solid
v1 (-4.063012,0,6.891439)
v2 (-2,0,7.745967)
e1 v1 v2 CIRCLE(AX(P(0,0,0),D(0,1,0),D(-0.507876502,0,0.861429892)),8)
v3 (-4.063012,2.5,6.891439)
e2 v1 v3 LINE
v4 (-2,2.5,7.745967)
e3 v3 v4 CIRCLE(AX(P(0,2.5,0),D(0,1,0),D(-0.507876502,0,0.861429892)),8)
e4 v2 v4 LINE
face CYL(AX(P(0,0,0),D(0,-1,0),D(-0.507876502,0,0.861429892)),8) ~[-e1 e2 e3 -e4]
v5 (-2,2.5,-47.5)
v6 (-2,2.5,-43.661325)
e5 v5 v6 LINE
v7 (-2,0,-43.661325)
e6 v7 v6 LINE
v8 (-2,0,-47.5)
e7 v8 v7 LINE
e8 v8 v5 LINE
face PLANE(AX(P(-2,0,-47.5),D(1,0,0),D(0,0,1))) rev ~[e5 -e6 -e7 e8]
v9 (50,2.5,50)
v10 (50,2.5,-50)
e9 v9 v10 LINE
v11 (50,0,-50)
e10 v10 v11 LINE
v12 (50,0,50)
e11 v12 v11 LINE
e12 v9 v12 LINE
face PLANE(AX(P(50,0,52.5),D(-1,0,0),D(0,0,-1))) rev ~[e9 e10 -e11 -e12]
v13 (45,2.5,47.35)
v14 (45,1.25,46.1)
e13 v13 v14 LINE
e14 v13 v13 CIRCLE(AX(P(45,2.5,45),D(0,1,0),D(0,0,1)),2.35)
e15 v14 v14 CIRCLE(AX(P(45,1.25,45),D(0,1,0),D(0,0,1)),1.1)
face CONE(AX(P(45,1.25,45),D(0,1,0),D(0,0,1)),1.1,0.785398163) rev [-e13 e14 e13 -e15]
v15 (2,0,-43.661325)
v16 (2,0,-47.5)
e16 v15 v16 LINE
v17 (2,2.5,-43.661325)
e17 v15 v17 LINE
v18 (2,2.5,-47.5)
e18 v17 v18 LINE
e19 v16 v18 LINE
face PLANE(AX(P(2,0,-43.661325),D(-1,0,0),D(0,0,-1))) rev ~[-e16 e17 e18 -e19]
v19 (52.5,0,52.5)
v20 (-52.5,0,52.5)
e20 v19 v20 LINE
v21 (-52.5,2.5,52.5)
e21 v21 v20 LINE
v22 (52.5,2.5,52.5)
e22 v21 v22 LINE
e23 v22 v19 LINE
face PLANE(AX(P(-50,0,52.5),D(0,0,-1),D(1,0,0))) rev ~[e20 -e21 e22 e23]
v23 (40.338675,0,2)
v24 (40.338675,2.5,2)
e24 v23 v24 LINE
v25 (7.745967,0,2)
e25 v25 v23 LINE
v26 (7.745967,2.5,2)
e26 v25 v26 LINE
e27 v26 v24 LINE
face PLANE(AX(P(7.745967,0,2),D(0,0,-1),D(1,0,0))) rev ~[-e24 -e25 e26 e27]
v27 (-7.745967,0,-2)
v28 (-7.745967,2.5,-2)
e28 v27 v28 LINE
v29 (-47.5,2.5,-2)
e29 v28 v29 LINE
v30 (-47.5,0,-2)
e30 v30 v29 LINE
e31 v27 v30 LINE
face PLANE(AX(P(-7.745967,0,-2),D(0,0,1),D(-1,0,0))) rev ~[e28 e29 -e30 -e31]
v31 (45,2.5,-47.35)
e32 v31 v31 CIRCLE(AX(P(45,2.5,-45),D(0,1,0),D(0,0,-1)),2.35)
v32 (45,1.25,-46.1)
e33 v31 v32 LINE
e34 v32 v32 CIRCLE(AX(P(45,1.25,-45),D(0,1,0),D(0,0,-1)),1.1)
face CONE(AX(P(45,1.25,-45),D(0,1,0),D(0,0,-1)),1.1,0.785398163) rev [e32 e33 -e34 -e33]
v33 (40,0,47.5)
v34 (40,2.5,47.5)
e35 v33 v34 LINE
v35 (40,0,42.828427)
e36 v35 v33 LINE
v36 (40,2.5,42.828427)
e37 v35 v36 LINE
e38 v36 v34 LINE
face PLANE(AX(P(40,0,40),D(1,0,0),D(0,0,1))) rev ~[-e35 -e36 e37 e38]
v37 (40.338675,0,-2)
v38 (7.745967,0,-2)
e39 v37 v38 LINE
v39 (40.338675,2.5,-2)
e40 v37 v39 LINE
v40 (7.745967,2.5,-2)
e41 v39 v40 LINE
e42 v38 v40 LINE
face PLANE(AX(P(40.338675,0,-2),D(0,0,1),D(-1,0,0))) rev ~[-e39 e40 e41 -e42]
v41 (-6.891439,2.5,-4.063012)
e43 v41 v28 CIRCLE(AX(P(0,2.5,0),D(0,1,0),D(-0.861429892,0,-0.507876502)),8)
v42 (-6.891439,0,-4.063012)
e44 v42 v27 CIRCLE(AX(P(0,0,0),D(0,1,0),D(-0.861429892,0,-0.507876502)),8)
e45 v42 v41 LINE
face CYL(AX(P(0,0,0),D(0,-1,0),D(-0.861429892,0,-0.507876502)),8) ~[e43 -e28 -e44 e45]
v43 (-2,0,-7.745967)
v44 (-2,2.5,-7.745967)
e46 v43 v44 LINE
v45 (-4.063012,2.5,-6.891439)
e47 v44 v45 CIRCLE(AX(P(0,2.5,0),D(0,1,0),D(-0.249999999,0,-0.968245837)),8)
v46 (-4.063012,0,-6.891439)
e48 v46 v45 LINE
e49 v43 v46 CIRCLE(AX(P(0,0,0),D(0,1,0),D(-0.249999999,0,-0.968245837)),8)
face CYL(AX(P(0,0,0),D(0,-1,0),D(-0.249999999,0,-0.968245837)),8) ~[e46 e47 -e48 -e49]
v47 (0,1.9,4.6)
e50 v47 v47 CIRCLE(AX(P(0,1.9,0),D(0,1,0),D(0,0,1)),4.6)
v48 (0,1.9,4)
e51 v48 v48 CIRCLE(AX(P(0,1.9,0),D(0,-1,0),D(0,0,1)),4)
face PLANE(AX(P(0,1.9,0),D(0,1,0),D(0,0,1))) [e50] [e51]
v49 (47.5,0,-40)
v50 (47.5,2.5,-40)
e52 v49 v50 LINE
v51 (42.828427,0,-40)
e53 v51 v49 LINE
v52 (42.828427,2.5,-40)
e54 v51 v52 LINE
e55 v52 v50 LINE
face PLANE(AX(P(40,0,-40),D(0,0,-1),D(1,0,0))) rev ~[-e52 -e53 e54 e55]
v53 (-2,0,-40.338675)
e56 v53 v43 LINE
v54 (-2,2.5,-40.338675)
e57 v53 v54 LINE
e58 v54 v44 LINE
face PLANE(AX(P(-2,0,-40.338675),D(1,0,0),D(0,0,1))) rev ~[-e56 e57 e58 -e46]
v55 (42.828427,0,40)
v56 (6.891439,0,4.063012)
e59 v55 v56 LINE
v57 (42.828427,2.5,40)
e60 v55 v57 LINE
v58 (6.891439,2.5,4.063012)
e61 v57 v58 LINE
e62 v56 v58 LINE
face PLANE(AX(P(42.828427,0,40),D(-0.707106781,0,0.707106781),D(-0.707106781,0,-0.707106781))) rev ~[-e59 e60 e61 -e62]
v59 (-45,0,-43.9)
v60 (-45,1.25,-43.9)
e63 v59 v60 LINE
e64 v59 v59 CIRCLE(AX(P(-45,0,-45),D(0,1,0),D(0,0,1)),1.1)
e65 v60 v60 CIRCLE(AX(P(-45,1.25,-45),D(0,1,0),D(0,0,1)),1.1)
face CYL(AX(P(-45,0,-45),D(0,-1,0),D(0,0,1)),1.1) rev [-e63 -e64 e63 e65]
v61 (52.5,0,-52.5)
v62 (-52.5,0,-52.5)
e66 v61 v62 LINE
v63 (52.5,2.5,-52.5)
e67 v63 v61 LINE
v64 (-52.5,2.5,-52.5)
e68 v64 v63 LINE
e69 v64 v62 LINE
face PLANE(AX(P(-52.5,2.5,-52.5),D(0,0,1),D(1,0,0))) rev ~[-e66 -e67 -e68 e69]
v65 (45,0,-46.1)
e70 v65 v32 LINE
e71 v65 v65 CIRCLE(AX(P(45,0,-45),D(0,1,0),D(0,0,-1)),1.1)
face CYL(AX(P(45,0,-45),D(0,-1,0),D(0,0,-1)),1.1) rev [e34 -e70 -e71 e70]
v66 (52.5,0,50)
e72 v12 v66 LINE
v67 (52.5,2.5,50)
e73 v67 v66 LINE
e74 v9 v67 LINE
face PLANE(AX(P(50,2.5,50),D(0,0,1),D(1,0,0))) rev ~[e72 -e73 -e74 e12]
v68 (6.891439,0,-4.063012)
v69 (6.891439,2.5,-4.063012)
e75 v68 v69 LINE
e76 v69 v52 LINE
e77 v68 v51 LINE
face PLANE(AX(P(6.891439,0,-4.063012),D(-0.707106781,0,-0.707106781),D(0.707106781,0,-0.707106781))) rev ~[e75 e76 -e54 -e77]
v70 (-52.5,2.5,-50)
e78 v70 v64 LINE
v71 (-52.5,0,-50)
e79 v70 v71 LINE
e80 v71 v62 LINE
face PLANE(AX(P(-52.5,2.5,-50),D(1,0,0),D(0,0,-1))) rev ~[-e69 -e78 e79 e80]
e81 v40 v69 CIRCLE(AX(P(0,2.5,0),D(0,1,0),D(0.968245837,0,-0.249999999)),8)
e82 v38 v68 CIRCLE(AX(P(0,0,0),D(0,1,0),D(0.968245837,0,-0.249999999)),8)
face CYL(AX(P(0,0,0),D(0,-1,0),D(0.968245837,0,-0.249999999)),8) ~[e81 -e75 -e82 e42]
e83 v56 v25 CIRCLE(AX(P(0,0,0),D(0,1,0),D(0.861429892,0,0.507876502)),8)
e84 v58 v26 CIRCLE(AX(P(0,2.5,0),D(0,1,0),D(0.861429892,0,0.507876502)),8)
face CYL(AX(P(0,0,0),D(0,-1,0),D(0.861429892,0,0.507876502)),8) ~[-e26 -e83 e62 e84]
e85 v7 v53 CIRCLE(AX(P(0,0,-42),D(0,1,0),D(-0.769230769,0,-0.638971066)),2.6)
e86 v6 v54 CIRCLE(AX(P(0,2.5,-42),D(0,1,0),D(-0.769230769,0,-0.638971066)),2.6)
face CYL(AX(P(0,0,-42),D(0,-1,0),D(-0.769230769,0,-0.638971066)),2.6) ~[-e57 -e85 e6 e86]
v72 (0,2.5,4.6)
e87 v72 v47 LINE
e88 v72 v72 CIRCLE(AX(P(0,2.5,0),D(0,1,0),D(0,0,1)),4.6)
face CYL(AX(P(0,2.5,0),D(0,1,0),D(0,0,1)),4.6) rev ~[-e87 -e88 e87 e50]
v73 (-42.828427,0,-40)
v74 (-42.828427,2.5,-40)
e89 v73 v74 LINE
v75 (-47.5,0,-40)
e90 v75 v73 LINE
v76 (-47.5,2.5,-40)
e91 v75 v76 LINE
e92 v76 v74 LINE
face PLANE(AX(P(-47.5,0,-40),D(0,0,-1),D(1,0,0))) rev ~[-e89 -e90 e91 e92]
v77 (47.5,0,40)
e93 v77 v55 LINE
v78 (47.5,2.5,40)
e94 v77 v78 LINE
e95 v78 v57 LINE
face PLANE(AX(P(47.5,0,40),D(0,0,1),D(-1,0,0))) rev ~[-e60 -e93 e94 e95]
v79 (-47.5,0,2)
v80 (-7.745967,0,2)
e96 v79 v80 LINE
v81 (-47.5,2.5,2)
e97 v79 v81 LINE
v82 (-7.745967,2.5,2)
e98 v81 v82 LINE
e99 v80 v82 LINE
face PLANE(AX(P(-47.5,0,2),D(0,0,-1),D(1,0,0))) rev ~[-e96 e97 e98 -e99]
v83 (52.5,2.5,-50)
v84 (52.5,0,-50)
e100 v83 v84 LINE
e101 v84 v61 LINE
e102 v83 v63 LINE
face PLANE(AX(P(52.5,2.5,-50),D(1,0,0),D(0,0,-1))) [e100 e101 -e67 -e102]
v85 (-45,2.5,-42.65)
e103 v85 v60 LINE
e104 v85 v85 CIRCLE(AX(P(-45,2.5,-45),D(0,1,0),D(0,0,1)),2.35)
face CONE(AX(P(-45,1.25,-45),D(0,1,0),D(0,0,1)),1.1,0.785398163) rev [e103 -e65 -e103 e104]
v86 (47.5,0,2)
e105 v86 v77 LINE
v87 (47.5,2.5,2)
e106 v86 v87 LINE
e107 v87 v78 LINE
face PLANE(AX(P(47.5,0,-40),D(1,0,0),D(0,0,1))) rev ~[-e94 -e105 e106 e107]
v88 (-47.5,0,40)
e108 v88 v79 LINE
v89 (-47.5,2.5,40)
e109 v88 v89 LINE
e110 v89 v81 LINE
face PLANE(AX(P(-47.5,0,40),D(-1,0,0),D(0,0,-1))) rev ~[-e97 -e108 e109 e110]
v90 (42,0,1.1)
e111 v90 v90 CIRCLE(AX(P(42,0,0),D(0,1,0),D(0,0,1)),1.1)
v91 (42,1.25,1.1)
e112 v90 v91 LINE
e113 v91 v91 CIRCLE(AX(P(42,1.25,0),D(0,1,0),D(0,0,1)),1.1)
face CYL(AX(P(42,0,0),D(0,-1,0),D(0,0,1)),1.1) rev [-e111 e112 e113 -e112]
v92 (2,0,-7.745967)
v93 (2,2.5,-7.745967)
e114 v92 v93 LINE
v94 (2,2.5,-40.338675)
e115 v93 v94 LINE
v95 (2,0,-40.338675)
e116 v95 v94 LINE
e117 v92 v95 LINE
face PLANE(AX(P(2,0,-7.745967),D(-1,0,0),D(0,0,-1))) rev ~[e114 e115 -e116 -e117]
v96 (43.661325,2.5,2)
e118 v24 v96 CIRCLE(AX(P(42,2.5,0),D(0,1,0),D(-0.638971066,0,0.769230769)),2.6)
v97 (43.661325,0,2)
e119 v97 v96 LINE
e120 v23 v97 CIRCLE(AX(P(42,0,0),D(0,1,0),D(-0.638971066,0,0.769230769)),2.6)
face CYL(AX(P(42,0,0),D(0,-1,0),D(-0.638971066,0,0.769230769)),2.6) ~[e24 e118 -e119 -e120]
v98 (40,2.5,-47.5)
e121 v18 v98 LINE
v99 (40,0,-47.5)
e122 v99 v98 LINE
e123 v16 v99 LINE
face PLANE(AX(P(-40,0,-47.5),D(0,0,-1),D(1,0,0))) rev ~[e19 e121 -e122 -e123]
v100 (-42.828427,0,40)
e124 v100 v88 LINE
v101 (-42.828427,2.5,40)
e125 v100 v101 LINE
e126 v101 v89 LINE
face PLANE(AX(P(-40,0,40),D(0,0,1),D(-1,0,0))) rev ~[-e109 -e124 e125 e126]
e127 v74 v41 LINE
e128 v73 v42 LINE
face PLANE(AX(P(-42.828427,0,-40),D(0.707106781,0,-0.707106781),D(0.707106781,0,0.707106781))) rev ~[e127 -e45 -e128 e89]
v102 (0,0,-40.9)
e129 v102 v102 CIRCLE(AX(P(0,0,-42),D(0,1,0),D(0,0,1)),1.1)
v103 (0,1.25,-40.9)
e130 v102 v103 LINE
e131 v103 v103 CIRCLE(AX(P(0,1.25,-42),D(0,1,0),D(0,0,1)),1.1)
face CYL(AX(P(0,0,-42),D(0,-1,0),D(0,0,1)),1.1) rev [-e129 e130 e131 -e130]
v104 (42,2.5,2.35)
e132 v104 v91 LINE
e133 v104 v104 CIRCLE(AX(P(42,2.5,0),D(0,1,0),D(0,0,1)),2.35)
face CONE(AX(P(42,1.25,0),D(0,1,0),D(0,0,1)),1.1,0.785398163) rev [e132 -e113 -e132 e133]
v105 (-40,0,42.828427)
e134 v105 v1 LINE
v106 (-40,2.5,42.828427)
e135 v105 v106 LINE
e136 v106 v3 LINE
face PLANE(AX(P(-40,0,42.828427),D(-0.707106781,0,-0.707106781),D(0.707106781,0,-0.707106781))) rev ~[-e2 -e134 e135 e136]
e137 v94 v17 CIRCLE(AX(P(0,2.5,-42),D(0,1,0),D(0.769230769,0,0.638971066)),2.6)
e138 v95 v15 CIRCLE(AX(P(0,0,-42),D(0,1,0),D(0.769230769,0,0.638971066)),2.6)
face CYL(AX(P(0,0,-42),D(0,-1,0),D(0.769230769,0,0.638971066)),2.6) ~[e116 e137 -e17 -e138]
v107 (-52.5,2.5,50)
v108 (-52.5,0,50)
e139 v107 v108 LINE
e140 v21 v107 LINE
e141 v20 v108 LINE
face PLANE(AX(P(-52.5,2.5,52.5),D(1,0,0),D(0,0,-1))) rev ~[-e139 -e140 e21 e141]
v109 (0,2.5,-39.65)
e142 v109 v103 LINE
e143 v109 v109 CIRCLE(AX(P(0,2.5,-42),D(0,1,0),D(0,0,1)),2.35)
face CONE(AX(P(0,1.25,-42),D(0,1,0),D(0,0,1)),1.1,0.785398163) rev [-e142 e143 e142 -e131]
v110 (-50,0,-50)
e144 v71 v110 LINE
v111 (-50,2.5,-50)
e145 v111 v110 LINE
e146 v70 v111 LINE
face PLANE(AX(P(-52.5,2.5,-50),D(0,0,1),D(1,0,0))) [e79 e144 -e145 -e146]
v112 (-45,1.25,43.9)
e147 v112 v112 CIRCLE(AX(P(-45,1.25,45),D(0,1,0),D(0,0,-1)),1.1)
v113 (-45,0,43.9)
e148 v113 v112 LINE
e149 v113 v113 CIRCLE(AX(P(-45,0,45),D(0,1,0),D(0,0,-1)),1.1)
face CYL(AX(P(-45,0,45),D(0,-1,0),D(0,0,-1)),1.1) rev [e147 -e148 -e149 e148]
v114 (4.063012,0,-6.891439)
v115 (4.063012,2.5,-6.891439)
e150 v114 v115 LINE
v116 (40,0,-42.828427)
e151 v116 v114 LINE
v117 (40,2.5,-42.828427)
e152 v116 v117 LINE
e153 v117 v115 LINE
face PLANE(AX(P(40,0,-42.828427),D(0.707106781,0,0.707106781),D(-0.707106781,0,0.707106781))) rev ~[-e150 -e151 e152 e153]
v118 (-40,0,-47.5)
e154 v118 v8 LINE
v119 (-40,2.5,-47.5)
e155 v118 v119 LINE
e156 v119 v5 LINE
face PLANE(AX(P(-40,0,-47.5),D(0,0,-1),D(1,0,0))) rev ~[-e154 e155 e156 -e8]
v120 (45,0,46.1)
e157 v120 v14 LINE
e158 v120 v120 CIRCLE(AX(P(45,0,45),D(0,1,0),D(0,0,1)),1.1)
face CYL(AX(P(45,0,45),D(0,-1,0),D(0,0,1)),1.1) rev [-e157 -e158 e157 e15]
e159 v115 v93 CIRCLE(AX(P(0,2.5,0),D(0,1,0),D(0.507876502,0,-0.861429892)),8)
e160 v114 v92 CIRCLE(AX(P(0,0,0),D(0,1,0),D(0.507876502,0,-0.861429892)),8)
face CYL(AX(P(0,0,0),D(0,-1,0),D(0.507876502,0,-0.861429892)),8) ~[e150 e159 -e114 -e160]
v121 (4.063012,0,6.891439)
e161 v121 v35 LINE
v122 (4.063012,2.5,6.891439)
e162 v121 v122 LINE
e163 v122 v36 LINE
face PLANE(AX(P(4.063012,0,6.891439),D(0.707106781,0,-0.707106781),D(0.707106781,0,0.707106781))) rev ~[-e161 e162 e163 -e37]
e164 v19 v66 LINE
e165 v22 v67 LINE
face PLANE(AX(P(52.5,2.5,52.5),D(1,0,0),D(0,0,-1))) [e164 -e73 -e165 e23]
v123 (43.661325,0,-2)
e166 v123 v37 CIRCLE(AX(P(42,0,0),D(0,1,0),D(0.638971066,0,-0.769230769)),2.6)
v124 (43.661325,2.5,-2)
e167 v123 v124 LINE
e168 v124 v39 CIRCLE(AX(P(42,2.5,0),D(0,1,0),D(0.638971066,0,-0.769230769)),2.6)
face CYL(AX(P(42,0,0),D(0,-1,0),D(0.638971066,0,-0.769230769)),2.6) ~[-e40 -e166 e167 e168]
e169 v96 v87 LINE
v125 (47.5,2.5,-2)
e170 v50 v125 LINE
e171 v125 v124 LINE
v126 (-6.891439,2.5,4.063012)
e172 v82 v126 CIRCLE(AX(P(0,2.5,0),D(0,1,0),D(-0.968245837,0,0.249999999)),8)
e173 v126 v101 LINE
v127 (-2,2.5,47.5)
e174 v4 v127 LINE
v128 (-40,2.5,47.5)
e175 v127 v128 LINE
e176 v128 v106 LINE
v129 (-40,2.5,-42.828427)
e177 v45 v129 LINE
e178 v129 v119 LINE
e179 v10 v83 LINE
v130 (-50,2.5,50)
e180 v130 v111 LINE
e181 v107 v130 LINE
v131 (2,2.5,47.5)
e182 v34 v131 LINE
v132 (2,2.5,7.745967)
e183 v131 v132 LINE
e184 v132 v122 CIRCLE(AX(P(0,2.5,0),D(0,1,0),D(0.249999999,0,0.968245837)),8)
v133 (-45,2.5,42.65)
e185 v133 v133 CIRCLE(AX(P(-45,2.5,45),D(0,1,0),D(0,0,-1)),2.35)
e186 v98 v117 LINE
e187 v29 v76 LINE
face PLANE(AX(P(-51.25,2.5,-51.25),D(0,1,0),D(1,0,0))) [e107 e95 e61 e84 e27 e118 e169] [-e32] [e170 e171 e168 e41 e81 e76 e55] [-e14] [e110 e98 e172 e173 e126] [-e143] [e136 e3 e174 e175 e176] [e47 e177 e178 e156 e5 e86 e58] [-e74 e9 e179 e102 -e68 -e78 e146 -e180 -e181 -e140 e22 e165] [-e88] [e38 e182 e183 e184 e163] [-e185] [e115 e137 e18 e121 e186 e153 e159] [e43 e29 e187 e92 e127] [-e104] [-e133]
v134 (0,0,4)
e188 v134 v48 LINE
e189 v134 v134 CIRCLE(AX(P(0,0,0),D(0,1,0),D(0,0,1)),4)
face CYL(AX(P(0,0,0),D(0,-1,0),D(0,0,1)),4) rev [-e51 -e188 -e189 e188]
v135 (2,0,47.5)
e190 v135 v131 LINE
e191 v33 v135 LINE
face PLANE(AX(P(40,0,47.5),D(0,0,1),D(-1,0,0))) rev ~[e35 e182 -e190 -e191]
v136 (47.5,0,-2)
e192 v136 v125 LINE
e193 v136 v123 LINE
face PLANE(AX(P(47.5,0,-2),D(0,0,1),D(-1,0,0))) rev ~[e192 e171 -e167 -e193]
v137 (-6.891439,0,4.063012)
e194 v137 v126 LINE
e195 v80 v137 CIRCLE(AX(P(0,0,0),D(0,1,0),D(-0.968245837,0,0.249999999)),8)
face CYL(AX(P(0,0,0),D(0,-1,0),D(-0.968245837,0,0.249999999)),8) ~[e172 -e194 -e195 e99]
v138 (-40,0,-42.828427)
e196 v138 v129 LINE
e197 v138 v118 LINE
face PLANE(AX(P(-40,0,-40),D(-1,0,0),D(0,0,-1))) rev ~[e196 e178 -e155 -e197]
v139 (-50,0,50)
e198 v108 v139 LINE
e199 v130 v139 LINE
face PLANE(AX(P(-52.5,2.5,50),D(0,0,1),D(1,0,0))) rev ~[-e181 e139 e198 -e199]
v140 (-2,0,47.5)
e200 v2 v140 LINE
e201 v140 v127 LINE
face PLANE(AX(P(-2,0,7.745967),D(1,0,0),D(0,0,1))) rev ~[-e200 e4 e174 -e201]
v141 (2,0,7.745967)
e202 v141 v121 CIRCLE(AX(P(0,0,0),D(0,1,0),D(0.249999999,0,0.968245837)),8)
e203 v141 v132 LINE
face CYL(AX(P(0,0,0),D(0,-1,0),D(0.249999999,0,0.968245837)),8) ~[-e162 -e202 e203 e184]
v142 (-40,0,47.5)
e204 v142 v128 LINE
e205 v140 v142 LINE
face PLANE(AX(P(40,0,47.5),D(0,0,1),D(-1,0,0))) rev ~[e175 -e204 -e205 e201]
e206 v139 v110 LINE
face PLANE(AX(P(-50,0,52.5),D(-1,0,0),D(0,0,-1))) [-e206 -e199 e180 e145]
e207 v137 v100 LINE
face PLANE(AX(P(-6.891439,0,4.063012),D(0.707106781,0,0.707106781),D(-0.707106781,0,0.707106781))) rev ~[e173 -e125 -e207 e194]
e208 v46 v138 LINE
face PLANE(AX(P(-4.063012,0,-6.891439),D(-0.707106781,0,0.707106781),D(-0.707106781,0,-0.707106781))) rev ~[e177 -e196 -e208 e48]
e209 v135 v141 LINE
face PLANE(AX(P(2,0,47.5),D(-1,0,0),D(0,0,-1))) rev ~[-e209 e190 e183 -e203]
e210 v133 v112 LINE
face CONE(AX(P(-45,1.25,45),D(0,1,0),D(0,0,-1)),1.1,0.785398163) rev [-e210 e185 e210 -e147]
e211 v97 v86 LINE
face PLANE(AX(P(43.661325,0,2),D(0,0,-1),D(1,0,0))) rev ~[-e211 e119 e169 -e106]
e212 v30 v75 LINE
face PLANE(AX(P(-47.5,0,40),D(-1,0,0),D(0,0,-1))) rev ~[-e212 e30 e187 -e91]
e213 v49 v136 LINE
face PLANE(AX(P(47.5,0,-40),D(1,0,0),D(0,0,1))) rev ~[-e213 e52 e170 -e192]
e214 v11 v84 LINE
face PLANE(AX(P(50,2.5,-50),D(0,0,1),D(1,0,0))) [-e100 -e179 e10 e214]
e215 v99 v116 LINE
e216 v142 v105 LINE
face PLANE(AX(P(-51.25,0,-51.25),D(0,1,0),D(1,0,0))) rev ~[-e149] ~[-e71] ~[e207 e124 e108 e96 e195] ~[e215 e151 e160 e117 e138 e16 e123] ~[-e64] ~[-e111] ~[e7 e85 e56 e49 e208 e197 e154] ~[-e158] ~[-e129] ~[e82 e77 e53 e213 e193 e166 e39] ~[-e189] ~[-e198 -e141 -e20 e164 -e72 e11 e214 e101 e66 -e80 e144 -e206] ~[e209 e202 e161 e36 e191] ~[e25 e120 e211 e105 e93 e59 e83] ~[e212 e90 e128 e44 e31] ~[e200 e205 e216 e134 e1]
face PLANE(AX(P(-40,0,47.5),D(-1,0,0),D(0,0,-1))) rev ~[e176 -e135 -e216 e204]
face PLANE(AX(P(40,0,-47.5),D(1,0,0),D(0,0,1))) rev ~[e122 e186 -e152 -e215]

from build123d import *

# Parameters (mm, degrees)
SKETCH1_W           = 100
SKETCH1_H           = 105
SKETCH1_R           = 1.1
BOSS_EXTRUDE1_DEPTH = 2.5
SKETCH3_R           = 4
SKETCH3_R_2         = 1.1
BOSS_EXTRUDE2_DEPTH = 2.5
CHAMFER1_SIZE       = 1.25
SKETCH2_R           = 4.6
CUT_EXTRUDE1_DEPTH  = 0.6
SKETCH11_W          = 2.5
SKETCH11_H          = 2.5
BOSS_EXTRUDE5_DEPTH = 2.5


with BuildPart() as part:
    # Sketch1 → Boss-Extrude1 (new body)
    with BuildSketch(Plane(origin=(0, 0, 0), x_dir=(1, 0, 0), z_dir=(0, 1, 0))):
        Rectangle(SKETCH1_W, SKETCH1_H)
        with Locations(Location((-45, 45, 0), (0, 0, 270))):
            Circle(SKETCH1_R, mode=Mode.SUBTRACT)
        with Locations(Location((45, 45, 0), (0, 0, 90))):
            Circle(SKETCH1_R, mode=Mode.SUBTRACT)
        with Locations(Location((45, -45, 0), (0, 0, 270))):
            Circle(SKETCH1_R, mode=Mode.SUBTRACT)
        with Locations(Location((-45, -45, 0), (0, 0, 90))):
            Circle(SKETCH1_R, mode=Mode.SUBTRACT)
        Polygon((-40, 47.5), (40, 47.5), (40, 40), (47.5, 40), (47.5, -40), (40, -40), (40, -47.5), (-40, -47.5), (-40, -40), (-47.5, -40), (-47.5, 40), (-40, 40), align=None, mode=Mode.SUBTRACT)
    extrude(amount=BOSS_EXTRUDE1_DEPTH)

    # Sketch3 → Boss-Extrude2 (add)
    with BuildSketch(Plane(origin=(0, 0, 0), x_dir=(1, 0, 0), z_dir=(0, 1, 0))):
        with BuildLine():
            Line((-42.828427125, 40), (-6.891439137, 4.063012013))
            ThreePointArc((-6.891439137, 4.063012013), (-7.39103626, 3.061467459), (-7.745966692, 2))
            Line((-7.745966692, 2), (-40.338668084, 2))
            Line((-40.338668084, 2), (-47.5, 2))
            Line((-47.5, 2), (-47.5, -2))
            Line((-47.5, -2), (-43.661317629, -2))
            Line((-43.661317629, -2), (-7.745966692, -2))
            ThreePointArc((-7.745966692, -2), (-7.39103626, -3.061467459), (-6.891439137, -4.063012013))
            Line((-6.891439137, -4.063012013), (-42.828427125, -40))
            Line((-42.828427125, -40), (-40, -42.828427125))
            Line((-40, -42.828427125), (-4.063012013, -6.891439137))
            ThreePointArc((-4.063012013, -6.891439137), (-3.061467459, -7.39103626), (-2, -7.745966692))
            Line((-2, -7.745966692), (-2, -43.661317629))
            Line((-2, -43.661317629), (-2, -47.5))
            Line((-2, -47.5), (2, -47.5))
            Line((2, -47.5), (2, -43.661317629))
            Line((2, -43.661317629), (2, -7.745966692))
            ThreePointArc((2, -7.745966692), (3.061467459, -7.39103626), (4.063012013, -6.891439137))
            Line((4.063012013, -6.891439137), (40, -42.828427125))
            Line((40, -42.828427125), (42.828427125, -40))
            Line((42.828427125, -40), (6.891439137, -4.063012013))
            ThreePointArc((6.891439137, -4.063012013), (7.39103626, -3.061467459), (7.745966692, -2))
            Line((7.745966692, -2), (40.338675227, -2))
            ThreePointArc((40.338675227, -2), (42, -2.6), (43.661324773, -2))
            Line((43.661324773, -2), (47.5, -2))
            Line((47.5, -2), (47.5, 2))
            Line((47.5, 2), (43.661324773, 2))
            ThreePointArc((43.661324773, 2), (42, 2.6), (40.338675227, 2))
            Line((40.338675227, 2), (7.745966692, 2))
            ThreePointArc((7.745966692, 2), (7.39103626, 3.061467459), (6.891439137, 4.063012013))
            Line((6.891439137, 4.063012013), (42.828427125, 40))
            Line((42.828427125, 40), (40, 42.828427125))
            Line((40, 42.828427125), (4.063012013, 6.891439137))
            ThreePointArc((4.063012013, 6.891439137), (3.061467459, 7.39103626), (2, 7.745966692))
            Line((2, 7.745966692), (2, 40.338675227))
            ThreePointArc((2, 40.338675227), (2.6, 42), (2, 43.661324773))
            Line((2, 43.661324773), (2, 47.5))
            Line((2, 47.5), (-2, 47.5))
            Line((-2, 47.5), (-2, 43.661324773))
            ThreePointArc((-2, 43.661324773), (-2.6, 42), (-2, 40.338675227))
            Line((-2, 40.338675227), (-2, 7.745966692))
            ThreePointArc((-2, 7.745966692), (-3.061467459, 7.39103626), (-4.063012013, 6.891439137))
            Line((-4.063012013, 6.891439137), (-40, 42.828427125))
            Line((-40, 42.828427125), (-42.828427125, 40))
        make_face()
        with Locations(Location((0, 0, 0), (0, 0, 270))):
            Circle(SKETCH3_R, mode=Mode.SUBTRACT)
        with Locations(Location((0, 42, 0), (0, 0, 270))):
            Circle(SKETCH3_R_2, mode=Mode.SUBTRACT)
        with Locations(Location((42, 0, 0), (0, 0, 270))):
            Circle(SKETCH3_R_2, mode=Mode.SUBTRACT)
    extrude(amount=BOSS_EXTRUDE2_DEPTH)

    # Chamfer1
    chamfer1_edges = [part.edges().sort_by_distance(p)[0] for p in [
        (42, 2.5, -1.1),
        (-45, 2.5, -46.1),
        (45, 2.5, -43.9),
        (45, 2.5, 43.9),
        (-45, 2.5, 46.1),
        (0, 2.5, -43.1),
    ]]
    chamfer(chamfer1_edges, length=CHAMFER1_SIZE)

    # Sketch2 → Cut-Extrude1 (cut)
    with BuildSketch(Plane(origin=(0, 2.5, 0), x_dir=(1, 0, 0), z_dir=(0, 1, 0))):
        with Locations(Location((0, 0, 0), (0, 0, 270))):
            Circle(SKETCH2_R)
    extrude(amount=-CUT_EXTRUDE1_DEPTH, mode=Mode.SUBTRACT)

    # Sketch11 → Boss-Extrude5 (add)
    with BuildSketch(Plane(origin=(0, 2.5, 0), x_dir=(1, 0, 0), z_dir=(0, 1, 0))):
        with Locations((-51.25, 51.25)):
            Rectangle(SKETCH11_W, SKETCH11_H)
        with Locations((51.25, 51.25)):
            Rectangle(SKETCH11_W, SKETCH11_H)
        with Locations((-51.25, -51.25)):
            Rectangle(SKETCH11_W, SKETCH11_H)
        with Locations((51.25, -51.25)):
            Rectangle(SKETCH11_W, SKETCH11_H)
    extrude(amount=-BOSS_EXTRUDE5_DEPTH)


solid = part.part
